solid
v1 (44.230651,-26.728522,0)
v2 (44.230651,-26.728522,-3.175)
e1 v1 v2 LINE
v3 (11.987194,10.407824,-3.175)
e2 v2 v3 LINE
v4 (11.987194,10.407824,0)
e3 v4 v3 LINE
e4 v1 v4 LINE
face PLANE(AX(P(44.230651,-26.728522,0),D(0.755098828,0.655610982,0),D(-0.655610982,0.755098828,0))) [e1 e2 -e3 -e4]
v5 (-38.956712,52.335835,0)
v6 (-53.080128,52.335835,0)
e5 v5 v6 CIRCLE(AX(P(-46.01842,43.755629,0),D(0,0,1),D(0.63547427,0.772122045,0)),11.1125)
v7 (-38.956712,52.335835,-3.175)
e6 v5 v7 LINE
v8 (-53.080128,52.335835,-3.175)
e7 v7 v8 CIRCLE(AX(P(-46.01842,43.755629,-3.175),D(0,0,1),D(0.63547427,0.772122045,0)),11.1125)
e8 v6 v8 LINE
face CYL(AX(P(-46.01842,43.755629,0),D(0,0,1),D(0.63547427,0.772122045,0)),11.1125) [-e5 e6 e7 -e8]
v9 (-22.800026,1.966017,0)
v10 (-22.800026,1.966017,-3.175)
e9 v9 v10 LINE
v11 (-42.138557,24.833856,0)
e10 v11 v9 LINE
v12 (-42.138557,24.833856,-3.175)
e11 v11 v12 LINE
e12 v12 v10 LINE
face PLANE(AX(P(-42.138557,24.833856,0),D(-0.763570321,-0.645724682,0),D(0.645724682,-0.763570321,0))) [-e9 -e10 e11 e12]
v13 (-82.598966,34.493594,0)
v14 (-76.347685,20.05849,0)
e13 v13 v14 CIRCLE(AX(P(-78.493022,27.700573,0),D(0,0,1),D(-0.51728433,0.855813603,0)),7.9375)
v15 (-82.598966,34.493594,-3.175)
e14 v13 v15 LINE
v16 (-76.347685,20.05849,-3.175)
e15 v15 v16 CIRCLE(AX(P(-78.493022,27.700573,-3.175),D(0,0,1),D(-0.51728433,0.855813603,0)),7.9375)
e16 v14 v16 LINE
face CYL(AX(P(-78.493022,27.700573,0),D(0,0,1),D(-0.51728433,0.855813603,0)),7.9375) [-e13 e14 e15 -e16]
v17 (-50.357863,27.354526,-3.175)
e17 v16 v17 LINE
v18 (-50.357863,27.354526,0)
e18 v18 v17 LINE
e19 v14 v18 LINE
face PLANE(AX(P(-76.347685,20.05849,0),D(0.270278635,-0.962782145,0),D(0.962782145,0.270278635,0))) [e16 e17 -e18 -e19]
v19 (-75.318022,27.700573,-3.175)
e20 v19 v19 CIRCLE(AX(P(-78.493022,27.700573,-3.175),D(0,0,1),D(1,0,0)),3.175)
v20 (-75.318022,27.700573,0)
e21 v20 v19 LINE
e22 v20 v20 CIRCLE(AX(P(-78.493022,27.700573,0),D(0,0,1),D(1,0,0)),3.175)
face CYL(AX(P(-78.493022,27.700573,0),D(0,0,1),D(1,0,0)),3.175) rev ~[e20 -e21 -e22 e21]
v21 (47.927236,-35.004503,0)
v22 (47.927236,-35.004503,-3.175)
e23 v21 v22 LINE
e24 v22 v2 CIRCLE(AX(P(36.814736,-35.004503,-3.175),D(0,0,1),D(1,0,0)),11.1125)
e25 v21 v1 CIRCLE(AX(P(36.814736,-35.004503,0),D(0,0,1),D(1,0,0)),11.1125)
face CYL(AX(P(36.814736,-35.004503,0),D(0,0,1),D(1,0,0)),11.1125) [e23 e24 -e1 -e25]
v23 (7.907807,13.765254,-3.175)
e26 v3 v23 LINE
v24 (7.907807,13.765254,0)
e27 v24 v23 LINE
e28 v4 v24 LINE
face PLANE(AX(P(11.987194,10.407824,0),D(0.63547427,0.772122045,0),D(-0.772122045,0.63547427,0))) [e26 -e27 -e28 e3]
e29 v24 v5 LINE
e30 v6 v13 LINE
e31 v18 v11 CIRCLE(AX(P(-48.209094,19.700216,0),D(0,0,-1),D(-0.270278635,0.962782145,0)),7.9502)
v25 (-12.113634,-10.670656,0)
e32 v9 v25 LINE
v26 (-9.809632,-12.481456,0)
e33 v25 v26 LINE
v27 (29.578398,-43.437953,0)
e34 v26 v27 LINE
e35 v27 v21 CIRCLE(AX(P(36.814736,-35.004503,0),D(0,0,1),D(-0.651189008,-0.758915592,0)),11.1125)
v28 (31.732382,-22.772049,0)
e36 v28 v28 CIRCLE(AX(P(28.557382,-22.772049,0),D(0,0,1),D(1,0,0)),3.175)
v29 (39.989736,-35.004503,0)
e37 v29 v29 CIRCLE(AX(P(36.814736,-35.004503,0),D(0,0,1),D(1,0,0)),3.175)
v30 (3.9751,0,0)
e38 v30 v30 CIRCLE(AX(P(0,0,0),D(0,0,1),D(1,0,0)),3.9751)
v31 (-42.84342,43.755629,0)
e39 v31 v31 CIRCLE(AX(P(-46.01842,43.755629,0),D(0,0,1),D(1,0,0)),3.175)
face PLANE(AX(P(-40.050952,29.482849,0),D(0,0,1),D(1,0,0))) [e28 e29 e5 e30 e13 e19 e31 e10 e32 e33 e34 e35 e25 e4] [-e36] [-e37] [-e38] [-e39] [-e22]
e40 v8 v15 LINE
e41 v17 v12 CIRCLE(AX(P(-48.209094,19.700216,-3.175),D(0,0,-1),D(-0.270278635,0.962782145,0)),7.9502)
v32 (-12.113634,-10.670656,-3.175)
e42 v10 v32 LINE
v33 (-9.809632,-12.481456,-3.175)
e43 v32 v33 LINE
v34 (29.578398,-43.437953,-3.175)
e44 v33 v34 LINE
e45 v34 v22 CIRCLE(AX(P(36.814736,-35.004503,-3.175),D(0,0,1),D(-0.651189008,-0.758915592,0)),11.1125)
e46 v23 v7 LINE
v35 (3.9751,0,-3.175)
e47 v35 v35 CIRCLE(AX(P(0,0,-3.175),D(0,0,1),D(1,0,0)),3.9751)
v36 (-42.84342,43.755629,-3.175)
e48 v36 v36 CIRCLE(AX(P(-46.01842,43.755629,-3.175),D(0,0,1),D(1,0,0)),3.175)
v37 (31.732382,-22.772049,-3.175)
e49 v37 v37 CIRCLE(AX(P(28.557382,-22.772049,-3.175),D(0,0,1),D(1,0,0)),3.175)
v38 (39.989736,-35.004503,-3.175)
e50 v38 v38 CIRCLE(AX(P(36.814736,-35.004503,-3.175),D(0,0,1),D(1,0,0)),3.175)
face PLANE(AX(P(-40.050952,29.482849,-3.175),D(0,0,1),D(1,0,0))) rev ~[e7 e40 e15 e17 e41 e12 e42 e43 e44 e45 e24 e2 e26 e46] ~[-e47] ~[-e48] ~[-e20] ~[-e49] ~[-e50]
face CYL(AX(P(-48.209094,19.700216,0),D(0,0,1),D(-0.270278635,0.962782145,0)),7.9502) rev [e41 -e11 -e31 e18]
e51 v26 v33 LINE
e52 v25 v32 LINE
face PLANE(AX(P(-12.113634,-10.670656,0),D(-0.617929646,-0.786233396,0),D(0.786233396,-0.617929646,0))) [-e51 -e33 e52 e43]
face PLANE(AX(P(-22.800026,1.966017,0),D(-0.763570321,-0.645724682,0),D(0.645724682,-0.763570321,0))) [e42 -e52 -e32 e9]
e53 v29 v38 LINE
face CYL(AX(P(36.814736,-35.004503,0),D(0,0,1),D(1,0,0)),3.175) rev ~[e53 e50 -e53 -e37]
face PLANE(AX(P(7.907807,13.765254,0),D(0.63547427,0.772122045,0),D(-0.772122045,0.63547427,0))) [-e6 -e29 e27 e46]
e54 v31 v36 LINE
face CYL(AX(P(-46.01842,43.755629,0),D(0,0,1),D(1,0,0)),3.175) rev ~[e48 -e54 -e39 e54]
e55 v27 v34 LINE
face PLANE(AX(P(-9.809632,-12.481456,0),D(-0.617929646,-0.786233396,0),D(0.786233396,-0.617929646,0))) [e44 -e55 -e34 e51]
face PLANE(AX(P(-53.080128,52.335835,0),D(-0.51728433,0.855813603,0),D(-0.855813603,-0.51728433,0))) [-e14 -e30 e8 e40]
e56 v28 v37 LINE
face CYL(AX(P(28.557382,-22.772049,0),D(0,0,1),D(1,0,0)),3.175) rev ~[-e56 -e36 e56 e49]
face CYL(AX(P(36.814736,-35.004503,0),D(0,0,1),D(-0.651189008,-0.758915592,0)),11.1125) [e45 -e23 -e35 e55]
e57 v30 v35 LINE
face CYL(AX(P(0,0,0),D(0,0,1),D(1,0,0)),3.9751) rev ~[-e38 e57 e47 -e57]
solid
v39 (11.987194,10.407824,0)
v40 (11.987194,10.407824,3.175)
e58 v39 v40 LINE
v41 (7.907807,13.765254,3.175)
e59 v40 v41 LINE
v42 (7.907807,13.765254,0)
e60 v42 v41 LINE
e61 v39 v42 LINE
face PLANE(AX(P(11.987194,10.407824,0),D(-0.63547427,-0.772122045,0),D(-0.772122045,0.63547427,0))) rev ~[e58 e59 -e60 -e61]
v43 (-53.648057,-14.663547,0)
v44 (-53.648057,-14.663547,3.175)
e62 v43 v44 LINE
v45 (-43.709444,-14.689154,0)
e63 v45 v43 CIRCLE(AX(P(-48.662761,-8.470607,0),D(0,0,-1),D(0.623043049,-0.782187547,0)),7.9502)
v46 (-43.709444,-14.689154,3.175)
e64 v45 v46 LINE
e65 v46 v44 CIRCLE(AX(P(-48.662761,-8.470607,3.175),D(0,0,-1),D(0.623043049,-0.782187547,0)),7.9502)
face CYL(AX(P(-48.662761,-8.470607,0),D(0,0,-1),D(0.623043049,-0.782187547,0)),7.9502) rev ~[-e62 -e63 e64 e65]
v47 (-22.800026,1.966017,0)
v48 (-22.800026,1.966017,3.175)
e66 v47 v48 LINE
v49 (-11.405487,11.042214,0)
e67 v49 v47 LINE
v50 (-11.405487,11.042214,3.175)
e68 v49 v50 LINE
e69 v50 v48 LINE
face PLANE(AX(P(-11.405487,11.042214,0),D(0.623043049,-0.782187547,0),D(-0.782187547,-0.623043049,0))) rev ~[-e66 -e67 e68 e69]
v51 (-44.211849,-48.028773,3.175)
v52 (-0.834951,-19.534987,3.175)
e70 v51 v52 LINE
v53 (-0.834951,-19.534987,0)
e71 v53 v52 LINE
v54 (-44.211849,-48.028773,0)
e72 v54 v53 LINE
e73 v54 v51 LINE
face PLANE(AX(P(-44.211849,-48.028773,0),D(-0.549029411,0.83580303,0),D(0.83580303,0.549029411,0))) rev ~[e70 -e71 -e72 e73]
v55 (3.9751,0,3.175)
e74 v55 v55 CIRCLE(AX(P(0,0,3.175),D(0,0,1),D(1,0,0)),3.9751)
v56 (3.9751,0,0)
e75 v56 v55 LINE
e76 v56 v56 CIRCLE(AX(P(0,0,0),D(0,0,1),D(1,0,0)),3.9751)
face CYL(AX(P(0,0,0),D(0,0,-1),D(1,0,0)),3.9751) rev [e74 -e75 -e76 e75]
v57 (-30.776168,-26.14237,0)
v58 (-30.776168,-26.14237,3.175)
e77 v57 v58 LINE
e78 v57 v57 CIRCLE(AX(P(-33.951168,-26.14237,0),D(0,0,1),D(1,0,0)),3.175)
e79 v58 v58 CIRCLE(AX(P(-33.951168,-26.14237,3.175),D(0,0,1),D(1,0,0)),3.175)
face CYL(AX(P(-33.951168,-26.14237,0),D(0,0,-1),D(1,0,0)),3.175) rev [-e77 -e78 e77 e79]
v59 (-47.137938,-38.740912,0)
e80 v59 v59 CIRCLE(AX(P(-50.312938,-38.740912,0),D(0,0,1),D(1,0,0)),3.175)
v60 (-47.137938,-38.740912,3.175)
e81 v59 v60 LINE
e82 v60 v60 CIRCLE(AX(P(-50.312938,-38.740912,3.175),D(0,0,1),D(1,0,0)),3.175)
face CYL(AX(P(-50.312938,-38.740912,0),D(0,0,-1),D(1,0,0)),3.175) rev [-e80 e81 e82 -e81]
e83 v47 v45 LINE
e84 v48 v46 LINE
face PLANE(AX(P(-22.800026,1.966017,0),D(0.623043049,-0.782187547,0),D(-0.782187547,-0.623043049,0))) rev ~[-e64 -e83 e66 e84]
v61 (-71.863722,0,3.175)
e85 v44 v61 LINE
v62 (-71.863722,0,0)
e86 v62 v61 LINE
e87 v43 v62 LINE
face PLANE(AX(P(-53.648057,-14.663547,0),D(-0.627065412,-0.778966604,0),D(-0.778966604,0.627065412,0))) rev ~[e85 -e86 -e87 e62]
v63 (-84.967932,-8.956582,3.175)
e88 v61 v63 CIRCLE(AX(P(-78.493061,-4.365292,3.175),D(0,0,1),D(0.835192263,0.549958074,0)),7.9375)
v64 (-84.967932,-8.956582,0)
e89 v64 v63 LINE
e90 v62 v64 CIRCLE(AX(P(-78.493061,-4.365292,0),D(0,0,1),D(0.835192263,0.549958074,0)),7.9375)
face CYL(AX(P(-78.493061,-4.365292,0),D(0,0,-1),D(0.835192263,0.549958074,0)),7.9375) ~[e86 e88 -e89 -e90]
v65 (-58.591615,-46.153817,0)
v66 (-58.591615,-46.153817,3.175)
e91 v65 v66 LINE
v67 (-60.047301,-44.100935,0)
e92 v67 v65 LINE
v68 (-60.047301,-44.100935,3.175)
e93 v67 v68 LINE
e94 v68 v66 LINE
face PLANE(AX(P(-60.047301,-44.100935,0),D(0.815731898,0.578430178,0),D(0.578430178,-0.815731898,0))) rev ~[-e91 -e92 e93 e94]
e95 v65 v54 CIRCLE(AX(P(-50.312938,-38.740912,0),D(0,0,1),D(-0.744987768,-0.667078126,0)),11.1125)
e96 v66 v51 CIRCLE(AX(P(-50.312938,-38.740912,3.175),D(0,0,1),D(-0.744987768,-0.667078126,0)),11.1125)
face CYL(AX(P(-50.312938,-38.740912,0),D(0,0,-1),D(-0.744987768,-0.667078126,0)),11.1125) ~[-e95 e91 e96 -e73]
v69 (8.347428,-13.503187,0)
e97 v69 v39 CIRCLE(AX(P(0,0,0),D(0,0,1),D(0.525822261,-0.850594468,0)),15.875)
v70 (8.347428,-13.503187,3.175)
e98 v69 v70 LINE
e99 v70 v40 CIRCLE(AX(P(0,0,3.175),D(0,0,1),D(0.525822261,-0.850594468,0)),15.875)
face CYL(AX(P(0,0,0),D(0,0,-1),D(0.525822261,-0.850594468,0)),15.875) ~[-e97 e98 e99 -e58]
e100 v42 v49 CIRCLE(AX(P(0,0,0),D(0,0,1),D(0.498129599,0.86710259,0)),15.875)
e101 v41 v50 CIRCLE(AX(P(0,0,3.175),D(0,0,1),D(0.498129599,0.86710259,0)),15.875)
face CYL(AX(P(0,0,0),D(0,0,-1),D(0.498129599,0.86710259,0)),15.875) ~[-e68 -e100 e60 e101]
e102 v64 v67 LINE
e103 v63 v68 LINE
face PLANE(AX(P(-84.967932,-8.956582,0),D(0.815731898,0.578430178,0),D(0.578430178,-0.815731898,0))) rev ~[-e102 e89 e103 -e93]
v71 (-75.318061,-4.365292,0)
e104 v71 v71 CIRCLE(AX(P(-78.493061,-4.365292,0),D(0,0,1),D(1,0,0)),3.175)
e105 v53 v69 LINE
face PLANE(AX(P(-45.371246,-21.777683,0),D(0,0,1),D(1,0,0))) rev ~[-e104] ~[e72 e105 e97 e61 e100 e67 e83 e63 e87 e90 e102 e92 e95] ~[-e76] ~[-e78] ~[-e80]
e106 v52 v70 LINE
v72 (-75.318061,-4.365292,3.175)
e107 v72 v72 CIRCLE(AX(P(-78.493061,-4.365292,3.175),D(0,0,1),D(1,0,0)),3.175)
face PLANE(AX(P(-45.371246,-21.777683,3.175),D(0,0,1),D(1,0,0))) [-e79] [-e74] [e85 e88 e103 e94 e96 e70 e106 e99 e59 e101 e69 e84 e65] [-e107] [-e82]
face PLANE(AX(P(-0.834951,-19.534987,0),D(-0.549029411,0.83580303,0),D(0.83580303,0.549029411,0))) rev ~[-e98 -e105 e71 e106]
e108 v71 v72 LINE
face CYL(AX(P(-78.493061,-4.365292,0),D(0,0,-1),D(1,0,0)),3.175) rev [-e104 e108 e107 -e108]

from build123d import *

# Parameters (mm, degrees)
F0_R     = 3.175
F0_R_2   = 3.9751
F1_DEPTH = 3.175
F2_DEPTH = 3.175


with BuildPart() as f1:
    # F0 (on Top) → F1 (new body)
    with BuildSketch(Plane.XY):
        with BuildLine():
            Line((-0.8349510469, -19.5349867808), (-9.809632044, -12.4814560113))
            Line((-9.809632044, -12.4814560113), (-12.1136340173, -10.6706564054))
            Line((-12.1136340173, -10.6706564054), (-22.8000261563, 1.9660169517))
            Line((-22.8000261563, 1.9660169517), (-43.7094443514, -14.6891544663))
            ThreePointArc((-43.7094443514, -14.6891544663), (-48.6832450729, -16.4207806423), (-53.6480566393, -14.6635473224))
            Line((-53.6480566393, -14.6635473224), (-71.8637219282, 0))
            ThreePointArc((-71.8637219282, 0), (-70.8896309848, -2.086747592), (-70.5555605169, -4.3652922154))
            ThreePointArc((-70.5555605169, -4.3652922154), (-76.0837442015, -11.9283009515), (-84.9679324582, -8.9565817503))
            Line((-84.9679324582, -8.9565817503), (-60.04730067, -44.1009346164))
            ThreePointArc((-60.04730067, -44.1009346164), (-53.0801169104, -27.9784594013), (-39.200438323, -38.7409116736))
            ThreePointArc((-39.200438323, -38.7409116736), (-40.5332141075, -44.0177147322), (-44.21184899, -48.0287728484))
            Line((-44.21184899, -48.0287728484), (-0.8349510469, -19.5349867808))
        make_face()
        with Locations((-33.9511684747, -26.1423701917)):
            Circle(F0_R, mode=Mode.SUBTRACT)
        with BuildLine():
            ThreePointArc((8.3474284, -13.5031871833), (13.8659844737, -7.7298188578), (15.875, 0))
            ThreePointArc((15.875, 0), (14.8713201858, 5.5551292453), (11.9871938983, 10.4078243377))
            Line((11.9871938983, 10.4078243377), (7.9078073876, 13.7652536235))
            ThreePointArc((7.9078073876, 13.7652536235), (-2.2163428278, 15.719524467), (-11.4054866017, 11.042214469))
            ThreePointArc((-11.4054866017, 11.042214469), (-15.8385947294, -1.0744961594), (-9.809632044, -12.4814560113))
            ThreePointArc((-9.809632044, -12.4814560113), (-0.891904435, -15.8499252831), (8.3474284, -13.5031871833))
        make_face()
        Circle(F0_R_2, mode=Mode.SUBTRACT)
        with BuildLine():
            Line((-0.8349510469, -19.5349867808), (8.3474284, -13.5031871833))
            ThreePointArc((8.3474284, -13.5031871833), (-0.891904435, -15.8499252831), (-9.809632044, -12.4814560113))
            Line((-9.809632044, -12.4814560113), (-0.8349510469, -19.5349867808))
        make_face()
        with BuildLine():
            Line((-12.1136340173, -10.6706564054), (-9.809632044, -12.4814560113))
            ThreePointArc((-9.809632044, -12.4814560113), (-15.8385947294, -1.0744961594), (-11.4054866017, 11.042214469))
            Line((-11.4054866017, 11.042214469), (-22.8000261563, 1.9660169517))
            Line((-22.8000261563, 1.9660169517), (-12.1136340173, -10.6706564054))
        make_face()
        with BuildLine():
            ThreePointArc((-58.591614895, -46.1538173433), (-51.7497180843, -49.7601366994), (-44.21184899, -48.0287728484))
            ThreePointArc((-44.21184899, -48.0287728484), (-40.5332141075, -44.0177147322), (-39.200438323, -38.7409116736))
            ThreePointArc((-39.200438323, -38.7409116736), (-53.0801169104, -27.9784594013), (-60.04730067, -44.1009346164))
            Line((-60.04730067, -44.1009346164), (-58.591614895, -46.1538173433))
        make_face()
        with Locations((-50.312938323, -38.7409116736)):
            Circle(F0_R, mode=Mode.SUBTRACT)
        with BuildLine():
            ThreePointArc((-71.8637219282, 0), (-82.9720173317, 2.1877873737), (-84.9679324582, -8.9565817503))
            ThreePointArc((-84.9679324582, -8.9565817503), (-76.0837442015, -11.9283009515), (-70.5555605169, -4.3652922154))
            ThreePointArc((-70.5555605169, -4.3652922154), (-70.8896309848, -2.086747592), (-71.8637219282, 0))
        make_face()
        with Locations((-78.4930605169, -4.3652922154)):
            Circle(F0_R, mode=Mode.SUBTRACT)
    extrude(amount=F1_DEPTH)


with BuildPart() as f2:
    # F0 (on Top) → F2 (new body)
    with BuildSketch(Plane.XY):
        with BuildLine():
            ThreePointArc((-11.4054866017, 11.042214469), (-2.2163428278, 15.719524467), (7.9078073876, 13.7652536235))
            Line((7.9078073876, 13.7652536235), (-38.9567118573, 52.3358350009))
            ThreePointArc((-38.9567118573, 52.3358350009), (-35.969517145, 48.4998056315), (-34.905919684, 43.7556287784))
            ThreePointArc((-34.905919684, 43.7556287784), (-50.762596537, 33.7067262395), (-53.0801275106, 52.3358350009))
            Line((-53.0801275106, 52.3358350009), (-82.5989664775, 34.4935936763))
            ThreePointArc((-82.5989664775, 34.4935936763), (-74.5934725961, 34.6141410134), (-70.5555221113, 27.7005732059))
            ThreePointArc((-70.5555221113, 27.7005732059), (-72.167181613, 22.9060296155), (-76.3476854474, 20.0584899266))
            Line((-76.3476854474, 20.0584899266), (-50.357863007, 27.3545264824))
            ThreePointArc((-50.357863007, 27.3545264824), (-45.8781047789, 27.3010164989), (-42.1385570357, 24.8338562331))
            Line((-42.1385570357, 24.8338562331), (-22.8000261563, 1.9660169517))
            Line((-22.8000261563, 1.9660169517), (-11.4054866017, 11.042214469))
        make_face()
        with BuildLine():
            ThreePointArc((-34.905919684, 43.7556287784), (-35.969517145, 48.4998056315), (-38.9567118573, 52.3358350009))
            ThreePointArc((-38.9567118573, 52.3358350009), (-46.018419684, 54.8681287784), (-53.0801275106, 52.3358350009))
            ThreePointArc((-53.0801275106, 52.3358350009), (-50.762596537, 33.7067262395), (-34.905919684, 43.7556287784))
        make_face()
        with Locations((-46.018419684, 43.7556287784)):
            Circle(F0_R, mode=Mode.SUBTRACT)
        with BuildLine():
            ThreePointArc((-70.5555221113, 27.7005732059), (-74.5934725961, 34.6141410134), (-82.5989664775, 34.4935936763))
            ThreePointArc((-82.5989664775, 34.4935936763), (-85.7768432724, 24.5462340449), (-76.3476854474, 20.0584899266))
            ThreePointArc((-76.3476854474, 20.0584899266), (-72.167181613, 22.9060296155), (-70.5555221113, 27.7005732059))
        make_face()
        with Locations((-78.4930221113, 27.7005732059)):
            Circle(F0_R, mode=Mode.SUBTRACT)
        with BuildLine():
            ThreePointArc((8.3474284, -13.5031871833), (13.8659844737, -7.7298188578), (15.875, 0))
            ThreePointArc((15.875, 0), (14.8713201858, 5.5551292453), (11.9871938983, 10.4078243377))
            Line((11.9871938983, 10.4078243377), (7.9078073876, 13.7652536235))
            ThreePointArc((7.9078073876, 13.7652536235), (-2.2163428278, 15.719524467), (-11.4054866017, 11.042214469))
            ThreePointArc((-11.4054866017, 11.042214469), (-15.8385947294, -1.0744961594), (-9.809632044, -12.4814560113))
            ThreePointArc((-9.809632044, -12.4814560113), (-0.891904435, -15.8499252831), (8.3474284, -13.5031871833))
        make_face()
        Circle(F0_R_2, mode=Mode.SUBTRACT)
        with BuildLine():
            Line((-12.1136340173, -10.6706564054), (-9.809632044, -12.4814560113))
            ThreePointArc((-9.809632044, -12.4814560113), (-15.8385947294, -1.0744961594), (-11.4054866017, 11.042214469))
            Line((-11.4054866017, 11.042214469), (-22.8000261563, 1.9660169517))
            Line((-22.8000261563, 1.9660169517), (-12.1136340173, -10.6706564054))
        make_face()
        with BuildLine():
            Line((-0.8349510469, -19.5349867808), (8.3474284, -13.5031871833))
            ThreePointArc((8.3474284, -13.5031871833), (-0.891904435, -15.8499252831), (-9.809632044, -12.4814560113))
            Line((-9.809632044, -12.4814560113), (-0.8349510469, -19.5349867808))
        make_face()
        with BuildLine():
            ThreePointArc((11.9871938983, 10.4078243377), (14.8713201858, 5.5551292453), (15.875, 0))
            ThreePointArc((15.875, 0), (13.8659844737, -7.7298188578), (8.3474284, -13.5031871833))
            Line((8.3474284, -13.5031871833), (-0.8349510469, -19.5349867808))
            Line((-0.8349510469, -19.5349867808), (29.5783978996, -43.4379525427))
            ThreePointArc((29.5783978996, -43.4379525427), (28.4595381375, -27.677953415), (44.2306509757, -26.7285222607))
            Line((44.2306509757, -26.7285222607), (11.9871938983, 10.4078243377))
        make_face()
        with Locations((28.5573815512, -22.772048524)):
            Circle(F0_R, mode=Mode.SUBTRACT)
        with BuildLine():
            ThreePointArc((47.9272357472, -35.0045030227), (46.9610901227, -30.4724892168), (44.2306509757, -26.7285222607))
            ThreePointArc((44.2306509757, -26.7285222607), (28.4595381375, -27.677953415), (29.5783978996, -43.4379525427))
            ThreePointArc((29.5783978996, -43.4379525427), (41.4555251153, -45.1015684524), (47.9272357472, -35.0045030227))
        make_face()
        with Locations((36.8147357472, -35.0045030227)):
            Circle(F0_R, mode=Mode.SUBTRACT)
    extrude(amount=-F2_DEPTH)


solid = Compound([f1.part, f2.part])
